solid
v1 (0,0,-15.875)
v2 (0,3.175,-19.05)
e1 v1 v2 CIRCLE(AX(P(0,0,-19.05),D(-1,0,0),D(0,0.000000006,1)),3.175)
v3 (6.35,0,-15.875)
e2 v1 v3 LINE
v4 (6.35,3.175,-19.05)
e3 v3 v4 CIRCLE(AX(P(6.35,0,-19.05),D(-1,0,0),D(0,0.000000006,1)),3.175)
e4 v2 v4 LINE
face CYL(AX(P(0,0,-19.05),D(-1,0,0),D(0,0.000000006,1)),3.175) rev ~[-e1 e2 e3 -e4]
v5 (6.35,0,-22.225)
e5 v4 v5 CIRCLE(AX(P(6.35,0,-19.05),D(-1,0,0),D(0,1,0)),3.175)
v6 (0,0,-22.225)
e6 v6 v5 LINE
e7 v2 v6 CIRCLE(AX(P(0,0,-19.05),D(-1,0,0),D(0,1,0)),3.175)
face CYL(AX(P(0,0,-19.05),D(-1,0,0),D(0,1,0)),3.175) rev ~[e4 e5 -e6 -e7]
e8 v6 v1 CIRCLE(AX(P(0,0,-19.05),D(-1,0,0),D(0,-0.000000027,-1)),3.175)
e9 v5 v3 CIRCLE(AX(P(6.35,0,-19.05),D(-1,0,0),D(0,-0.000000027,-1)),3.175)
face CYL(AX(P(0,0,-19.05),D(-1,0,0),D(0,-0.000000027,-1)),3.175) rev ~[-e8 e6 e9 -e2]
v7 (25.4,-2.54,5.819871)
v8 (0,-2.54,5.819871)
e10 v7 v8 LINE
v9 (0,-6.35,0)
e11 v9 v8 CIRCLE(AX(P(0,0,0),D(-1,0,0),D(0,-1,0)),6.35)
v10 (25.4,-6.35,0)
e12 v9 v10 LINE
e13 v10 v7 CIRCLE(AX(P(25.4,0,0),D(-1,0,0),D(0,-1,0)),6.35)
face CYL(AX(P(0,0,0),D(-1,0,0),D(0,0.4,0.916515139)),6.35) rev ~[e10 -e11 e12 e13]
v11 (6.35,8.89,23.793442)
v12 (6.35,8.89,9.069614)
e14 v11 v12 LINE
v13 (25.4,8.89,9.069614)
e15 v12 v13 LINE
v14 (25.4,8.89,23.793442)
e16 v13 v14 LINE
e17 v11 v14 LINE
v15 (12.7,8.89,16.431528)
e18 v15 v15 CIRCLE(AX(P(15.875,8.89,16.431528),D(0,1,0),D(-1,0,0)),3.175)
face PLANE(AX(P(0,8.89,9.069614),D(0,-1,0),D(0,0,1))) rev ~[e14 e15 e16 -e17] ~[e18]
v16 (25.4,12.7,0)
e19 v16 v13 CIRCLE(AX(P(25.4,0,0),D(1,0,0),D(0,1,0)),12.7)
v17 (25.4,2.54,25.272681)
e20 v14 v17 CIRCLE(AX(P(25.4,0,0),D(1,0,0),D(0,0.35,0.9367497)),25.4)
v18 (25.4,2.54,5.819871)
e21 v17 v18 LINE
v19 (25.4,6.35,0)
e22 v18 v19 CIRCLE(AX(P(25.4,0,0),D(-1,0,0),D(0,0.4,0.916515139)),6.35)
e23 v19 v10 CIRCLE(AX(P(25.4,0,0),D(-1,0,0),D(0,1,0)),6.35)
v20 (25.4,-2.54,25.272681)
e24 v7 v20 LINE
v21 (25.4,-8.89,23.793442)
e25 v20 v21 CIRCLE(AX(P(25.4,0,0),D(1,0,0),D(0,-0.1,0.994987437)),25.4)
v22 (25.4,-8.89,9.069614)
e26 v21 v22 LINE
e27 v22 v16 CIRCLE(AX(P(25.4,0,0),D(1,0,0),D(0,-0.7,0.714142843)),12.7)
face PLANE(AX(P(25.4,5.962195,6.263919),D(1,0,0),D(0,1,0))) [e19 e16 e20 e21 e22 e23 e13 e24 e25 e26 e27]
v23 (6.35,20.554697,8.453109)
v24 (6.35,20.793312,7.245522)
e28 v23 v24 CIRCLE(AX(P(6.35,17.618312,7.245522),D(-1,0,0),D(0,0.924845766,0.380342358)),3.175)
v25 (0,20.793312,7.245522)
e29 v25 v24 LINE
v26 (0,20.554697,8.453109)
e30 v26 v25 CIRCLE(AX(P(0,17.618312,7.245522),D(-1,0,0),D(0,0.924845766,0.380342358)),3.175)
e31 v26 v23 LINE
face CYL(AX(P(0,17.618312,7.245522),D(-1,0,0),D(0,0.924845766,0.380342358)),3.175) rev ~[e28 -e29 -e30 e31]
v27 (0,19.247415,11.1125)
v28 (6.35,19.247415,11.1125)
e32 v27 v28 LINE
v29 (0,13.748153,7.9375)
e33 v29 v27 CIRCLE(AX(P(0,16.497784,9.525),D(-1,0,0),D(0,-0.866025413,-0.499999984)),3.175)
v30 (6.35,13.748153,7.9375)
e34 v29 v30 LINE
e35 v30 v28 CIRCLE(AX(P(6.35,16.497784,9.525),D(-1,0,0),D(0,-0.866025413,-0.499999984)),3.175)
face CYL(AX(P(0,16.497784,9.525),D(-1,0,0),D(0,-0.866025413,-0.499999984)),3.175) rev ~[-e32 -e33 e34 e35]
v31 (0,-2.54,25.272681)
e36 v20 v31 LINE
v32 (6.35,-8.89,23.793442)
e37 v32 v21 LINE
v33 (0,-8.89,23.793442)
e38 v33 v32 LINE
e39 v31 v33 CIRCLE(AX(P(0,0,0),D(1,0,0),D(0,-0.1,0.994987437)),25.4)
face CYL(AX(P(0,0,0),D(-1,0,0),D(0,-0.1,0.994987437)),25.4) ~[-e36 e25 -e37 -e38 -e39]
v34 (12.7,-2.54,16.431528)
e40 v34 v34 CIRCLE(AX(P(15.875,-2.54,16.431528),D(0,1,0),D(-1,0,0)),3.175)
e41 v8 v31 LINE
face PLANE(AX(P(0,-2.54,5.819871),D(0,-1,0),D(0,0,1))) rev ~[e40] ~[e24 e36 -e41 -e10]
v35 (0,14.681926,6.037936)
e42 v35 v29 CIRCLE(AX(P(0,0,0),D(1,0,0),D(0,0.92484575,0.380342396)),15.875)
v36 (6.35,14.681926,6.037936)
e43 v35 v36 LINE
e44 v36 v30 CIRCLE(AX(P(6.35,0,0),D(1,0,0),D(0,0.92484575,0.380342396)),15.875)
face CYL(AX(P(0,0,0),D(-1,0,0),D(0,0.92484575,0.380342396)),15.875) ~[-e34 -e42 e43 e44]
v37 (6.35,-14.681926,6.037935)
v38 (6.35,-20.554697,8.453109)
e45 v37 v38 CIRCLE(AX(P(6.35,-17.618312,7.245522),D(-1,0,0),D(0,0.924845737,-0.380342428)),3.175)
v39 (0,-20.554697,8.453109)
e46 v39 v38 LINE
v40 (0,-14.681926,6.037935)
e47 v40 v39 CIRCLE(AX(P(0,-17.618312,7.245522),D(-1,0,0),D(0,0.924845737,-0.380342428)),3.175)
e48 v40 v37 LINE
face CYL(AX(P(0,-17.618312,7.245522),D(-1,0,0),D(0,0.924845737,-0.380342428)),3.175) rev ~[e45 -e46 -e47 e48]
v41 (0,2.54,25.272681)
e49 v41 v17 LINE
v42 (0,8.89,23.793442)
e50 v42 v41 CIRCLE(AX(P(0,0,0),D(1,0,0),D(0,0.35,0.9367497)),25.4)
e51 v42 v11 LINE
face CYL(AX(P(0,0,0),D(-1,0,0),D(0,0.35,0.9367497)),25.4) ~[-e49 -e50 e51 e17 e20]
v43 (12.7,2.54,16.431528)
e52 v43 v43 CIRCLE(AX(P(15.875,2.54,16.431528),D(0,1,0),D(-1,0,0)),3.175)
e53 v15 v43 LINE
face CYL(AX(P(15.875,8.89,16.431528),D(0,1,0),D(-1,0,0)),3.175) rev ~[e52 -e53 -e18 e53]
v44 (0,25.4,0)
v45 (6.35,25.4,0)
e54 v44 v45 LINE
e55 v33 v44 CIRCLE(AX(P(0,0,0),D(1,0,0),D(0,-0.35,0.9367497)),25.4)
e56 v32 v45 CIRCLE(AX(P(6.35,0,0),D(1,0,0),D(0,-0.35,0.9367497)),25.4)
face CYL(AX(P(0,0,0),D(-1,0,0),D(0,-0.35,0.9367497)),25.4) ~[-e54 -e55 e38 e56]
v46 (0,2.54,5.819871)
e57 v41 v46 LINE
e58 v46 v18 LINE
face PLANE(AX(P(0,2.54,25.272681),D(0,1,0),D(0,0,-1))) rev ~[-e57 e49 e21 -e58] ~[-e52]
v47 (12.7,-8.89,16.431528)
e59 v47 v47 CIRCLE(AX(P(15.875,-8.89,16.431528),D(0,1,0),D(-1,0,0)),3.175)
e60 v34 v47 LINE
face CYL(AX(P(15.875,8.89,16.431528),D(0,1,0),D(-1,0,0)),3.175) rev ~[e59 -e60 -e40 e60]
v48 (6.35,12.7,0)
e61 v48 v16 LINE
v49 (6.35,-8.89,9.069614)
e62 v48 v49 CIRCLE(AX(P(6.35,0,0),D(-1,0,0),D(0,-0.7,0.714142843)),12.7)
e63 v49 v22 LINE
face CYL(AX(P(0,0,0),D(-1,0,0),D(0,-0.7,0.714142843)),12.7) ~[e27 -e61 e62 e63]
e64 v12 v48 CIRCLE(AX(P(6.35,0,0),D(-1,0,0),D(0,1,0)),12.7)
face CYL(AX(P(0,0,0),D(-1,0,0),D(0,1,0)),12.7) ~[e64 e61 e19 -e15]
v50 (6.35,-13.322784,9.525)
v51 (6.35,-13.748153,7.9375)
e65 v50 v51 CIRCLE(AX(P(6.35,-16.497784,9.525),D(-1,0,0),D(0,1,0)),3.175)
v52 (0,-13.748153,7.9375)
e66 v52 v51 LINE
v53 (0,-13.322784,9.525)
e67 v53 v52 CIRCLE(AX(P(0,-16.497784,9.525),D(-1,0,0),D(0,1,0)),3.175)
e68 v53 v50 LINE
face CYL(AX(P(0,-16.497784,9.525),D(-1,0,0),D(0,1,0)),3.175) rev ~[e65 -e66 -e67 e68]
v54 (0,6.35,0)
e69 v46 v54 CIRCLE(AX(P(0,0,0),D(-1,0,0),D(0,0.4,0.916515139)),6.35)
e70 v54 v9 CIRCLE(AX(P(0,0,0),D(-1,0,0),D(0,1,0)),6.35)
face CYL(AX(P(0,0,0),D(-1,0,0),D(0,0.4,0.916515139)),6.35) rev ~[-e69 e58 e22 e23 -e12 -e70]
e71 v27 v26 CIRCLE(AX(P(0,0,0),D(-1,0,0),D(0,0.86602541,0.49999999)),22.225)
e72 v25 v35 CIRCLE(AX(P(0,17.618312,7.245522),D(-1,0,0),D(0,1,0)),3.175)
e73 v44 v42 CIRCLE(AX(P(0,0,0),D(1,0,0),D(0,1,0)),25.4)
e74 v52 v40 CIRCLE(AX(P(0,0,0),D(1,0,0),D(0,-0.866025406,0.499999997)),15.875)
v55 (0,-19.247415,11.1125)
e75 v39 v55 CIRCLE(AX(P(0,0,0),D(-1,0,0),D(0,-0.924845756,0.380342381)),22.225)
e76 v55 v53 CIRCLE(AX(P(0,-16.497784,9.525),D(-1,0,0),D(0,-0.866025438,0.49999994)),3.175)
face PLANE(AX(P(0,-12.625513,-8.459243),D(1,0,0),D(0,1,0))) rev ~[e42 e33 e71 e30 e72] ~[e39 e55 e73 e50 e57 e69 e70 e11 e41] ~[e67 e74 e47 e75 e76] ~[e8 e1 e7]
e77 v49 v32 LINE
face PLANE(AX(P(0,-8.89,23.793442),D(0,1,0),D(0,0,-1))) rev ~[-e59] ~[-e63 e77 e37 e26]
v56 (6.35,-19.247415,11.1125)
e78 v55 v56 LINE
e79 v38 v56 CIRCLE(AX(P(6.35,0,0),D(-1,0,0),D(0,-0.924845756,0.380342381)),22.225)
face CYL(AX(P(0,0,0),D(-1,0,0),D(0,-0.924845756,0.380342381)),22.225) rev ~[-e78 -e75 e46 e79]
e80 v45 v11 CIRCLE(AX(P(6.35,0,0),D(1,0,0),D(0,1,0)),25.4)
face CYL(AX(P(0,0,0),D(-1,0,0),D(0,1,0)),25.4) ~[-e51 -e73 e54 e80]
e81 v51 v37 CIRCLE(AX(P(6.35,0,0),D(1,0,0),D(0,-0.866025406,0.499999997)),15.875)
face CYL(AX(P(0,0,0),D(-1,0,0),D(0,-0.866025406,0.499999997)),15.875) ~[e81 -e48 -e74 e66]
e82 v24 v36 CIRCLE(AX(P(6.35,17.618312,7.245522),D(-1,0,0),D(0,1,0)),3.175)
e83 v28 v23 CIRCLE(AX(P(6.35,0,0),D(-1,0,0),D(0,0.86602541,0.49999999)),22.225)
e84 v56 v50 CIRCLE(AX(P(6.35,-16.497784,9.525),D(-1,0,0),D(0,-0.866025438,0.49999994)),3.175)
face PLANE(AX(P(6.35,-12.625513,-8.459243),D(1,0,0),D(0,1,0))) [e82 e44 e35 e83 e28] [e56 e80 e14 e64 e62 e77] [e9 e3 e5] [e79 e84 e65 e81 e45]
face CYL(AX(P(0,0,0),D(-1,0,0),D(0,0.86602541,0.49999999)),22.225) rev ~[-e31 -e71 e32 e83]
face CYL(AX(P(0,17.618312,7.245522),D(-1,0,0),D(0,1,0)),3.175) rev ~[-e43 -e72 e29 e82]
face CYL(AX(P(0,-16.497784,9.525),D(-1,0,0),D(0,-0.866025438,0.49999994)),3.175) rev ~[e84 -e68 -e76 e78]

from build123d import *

# Parameters (mm, degrees)
F1_DEPTH = 6.35
F2_DEPTH = 25.4
F3_R     = 3.175
F4_DEPTH = 17.78


with BuildPart() as f1:
    # F0 (on Right) → F1 (new body)
    with BuildSketch(Plane.YZ):
        with BuildLine():
            ThreePointArc((1.85e-08, -15.875), (-13.1884011008, -8.836385087), (-14.6819263939, 6.0379352732))
            ThreePointArc((-14.6819263939, 6.0379352732), (-18.8258986856, 4.3091372138), (-20.5546969332, 8.4531094269))
            ThreePointArc((-20.5546969332, 8.4531094269), (-18.4637615858, -12.370939055), (-8.66e-08, -22.225))
            ThreePointArc((-8.66e-08, -22.225), (-3.175, -19.0499999474), (1.85e-08, -15.875))
        make_face()
        with BuildLine():
            ThreePointArc((20.7933116087, 7.2455224835), (18.2337795642, 4.1307473398), (14.6819262886, 6.0379355294))
            ThreePointArc((14.6819262886, 6.0379355294), (15.5738756389, 3.0773401802), (15.875, 0))
            ThreePointArc((15.875, 0), (11.2253201579, -11.2253201448), (1.85e-08, -15.875))
            ThreePointArc((1.85e-08, -15.875), (2.2450640368, -16.8049359763), (3.175, -19.05))
            ThreePointArc((3.175, -19.05), (2.2450639997, -21.2950640609), (-8.66e-08, -22.225))
            ThreePointArc((-8.66e-08, -22.225), (15.7154481813, -15.7154482425), (22.225, 0))
            ThreePointArc((22.225, 0), (21.803425923, 4.3082761076), (20.5546969161, 8.4531094685))
            ThreePointArc((20.5546969161, 8.4531094685), (20.7330867492, 7.8609904554), (20.7933116087, 7.2455224835))
        make_face()
        with BuildLine():
            Line((2.54, 15.6704826027), (2.54, 12.4434078933))
            ThreePointArc((2.54, 12.4434078933), (5.9587621309, 11.2153089065), (8.89, 9.0696141042))
            Line((8.89, 9.0696141042), (8.89, 13.1523201375))
            ThreePointArc((8.89, 13.1523201375), (5.8520518239, 14.7570022176), (2.54, 15.6704826027))
        make_face()
        with BuildLine():
            Line((2.54, 25.2726809025), (2.54, 23.7934423739))
            Line((2.54, 23.7934423739), (8.89, 23.7934423739))
            ThreePointArc((8.89, 23.7934423739), (5.7626609874, 24.7376583036), (2.54, 25.2726809025))
        make_face()
        with BuildLine():
            Line((-8.89, 23.7934423739), (-2.54, 23.7934423739))
            Line((-2.54, 23.7934423739), (-2.54, 25.2726809025))
            ThreePointArc((-2.54, 25.2726809025), (-5.7626609874, 24.7376583036), (-8.89, 23.7934423739))
        make_face()
        with BuildLine():
            ThreePointArc((-8.89, 9.0696141042), (-5.9587621309, 11.2153089065), (-2.54, 12.4434078933))
            Line((-2.54, 12.4434078933), (-2.54, 15.6704826027))
            ThreePointArc((-2.54, 15.6704826027), (-5.8520518239, 14.7570022176), (-8.89, 13.1523201375))
            Line((-8.89, 13.1523201375), (-8.89, 9.0696141042))
        make_face()
        with BuildLine():
            Line((-8.89, 0), (-6.35, 0))
            ThreePointArc((-6.35, 0), (-5.3127911685, 3.4780382402), (-2.54, 5.8198711326))
            Line((-2.54, 5.8198711326), (-2.54, 12.4434078933))
            ThreePointArc((-2.54, 12.4434078933), (-5.9587621309, 11.2153089065), (-8.89, 9.0696141042))
            Line((-8.89, 9.0696141042), (-8.89, 0))
        make_face()
        with BuildLine():
            Line((8.89, 0), (6.35, 0))
            ThreePointArc((6.35, 0), (0, -6.35), (-6.35, 0))
            Line((-6.35, 0), (-8.89, 0))
            Line((-8.89, 0), (-8.89, 9.0696141042))
            ThreePointArc((-8.89, 9.0696141042), (-4.9186888497, -11.7088214608), (12.7, 0))
            ThreePointArc((12.7, 0), (11.7088214608, 4.9186888497), (8.89, 9.0696141042))
            Line((8.89, 9.0696141042), (8.89, 0))
        make_face()
        with BuildLine():
            ThreePointArc((2.54, 5.8198711326), (5.3127911685, 3.4780382402), (6.35, 0))
            Line((6.35, 0), (8.89, 0))
            Line((8.89, 0), (8.89, 9.0696141042))
            ThreePointArc((8.89, 9.0696141042), (5.9587621309, 11.2153089065), (2.54, 12.4434078933))
            Line((2.54, 12.4434078933), (2.54, 5.8198711326))
        make_face()
        with BuildLine():
            ThreePointArc((-13.7481533134, 7.937499951), (-11.6155104819, 10.8210693208), (-8.89, 13.1523201375))
            Line((-8.89, 13.1523201375), (-8.89, 20.3695489641))
            ThreePointArc((-8.89, 20.3695489641), (-14.8105289031, 16.5710246699), (-19.247414709, 11.1124998097))
            ThreePointArc((-19.247414709, 11.1124998097), (-15.67603358, 12.5918145269), (-13.3227839421, 9.525))
            ThreePointArc((-13.3227839421, 9.525), (-13.4309694509, 8.7032495045), (-13.7481533134, 7.937499951))
        make_face()
        with BuildLine():
            Line((8.89, 13.1523201375), (8.89, 9.0696141042))
            ThreePointArc((8.89, 9.0696141042), (11.7088214608, 4.9186888497), (12.7, 0))
            ThreePointArc((12.7, 0), (-4.9186888497, -11.7088214608), (-8.89, 9.0696141042))
            Line((-8.89, 9.0696141042), (-8.89, 13.1523201375))
            ThreePointArc((-8.89, 13.1523201375), (-11.6155104819, 10.8210693208), (-13.7481533134, 7.937499951))
            ThreePointArc((-13.7481533134, 7.937499951), (-14.2467345217, 7.003297828), (-14.6819263939, 6.0379352732))
            ThreePointArc((-14.6819263939, 6.0379352732), (-13.1884011008, -8.836385087), (1.85e-08, -15.875))
            ThreePointArc((1.85e-08, -15.875), (11.2253201579, -11.2253201448), (15.875, 0))
            ThreePointArc((15.875, 0), (15.5738756389, 3.0773401802), (14.6819262886, 6.0379355294))
            ThreePointArc((14.6819262886, 6.0379355294), (14.2467344349, 7.0032980045), (13.7481532552, 7.9375000518))
            ThreePointArc((13.7481532552, 7.9375000518), (11.6155104422, 10.8210693634), (8.89, 13.1523201375))
        make_face()
        with BuildLine():
            Line((8.89, 23.7934423739), (8.89, 20.3695489641))
            ThreePointArc((8.89, 20.3695489641), (14.8105289204, 16.5710246545), (19.2474147322, 11.1124997695))
            ThreePointArc((19.2474147322, 11.1124997695), (19.9454283511, 9.804616917), (20.5546969161, 8.4531094685))
            ThreePointArc((20.5546969161, 8.4531094685), (21.803425923, 4.3082761076), (22.225, 0))
            ThreePointArc((22.225, 0), (15.7154481813, -15.7154482425), (-8.66e-08, -22.225))
            ThreePointArc((-8.66e-08, -22.225), (-18.4637615858, -12.370939055), (-20.5546969332, 8.4531094269))
            ThreePointArc((-20.5546969332, 8.4531094269), (-19.9454283508, 9.8046169177), (-19.247414709, 11.1124998097))
            ThreePointArc((-19.247414709, 11.1124998097), (-14.8105289031, 16.5710246699), (-8.89, 20.3695489641))
            Line((-8.89, 20.3695489641), (-8.89, 23.7934423739))
            ThreePointArc((-8.89, 23.7934423739), (-14.4802278988, -20.8682294409), (25.4, 0))
            ThreePointArc((25.4, 0), (20.8682294409, 14.4802278988), (8.89, 23.7934423739))
        make_face()
        with BuildLine():
            ThreePointArc((-8.89, 20.3695489641), (-5.7785902794, 21.4606271899), (-2.54, 22.0793800864))
            Line((-2.54, 22.0793800864), (-2.54, 23.7934423739))
            Line((-2.54, 23.7934423739), (-8.89, 23.7934423739))
            Line((-8.89, 23.7934423739), (-8.89, 20.3695489641))
        make_face()
        with BuildLine():
            ThreePointArc((-8.89, 13.1523201375), (-5.8520518239, 14.7570022176), (-2.54, 15.6704826027))
            Line((-2.54, 15.6704826027), (-2.54, 22.0793800864))
            ThreePointArc((-2.54, 22.0793800864), (-5.7785902794, 21.4606271899), (-8.89, 20.3695489641))
            Line((-8.89, 20.3695489641), (-8.89, 13.1523201375))
        make_face()
        with BuildLine():
            Line((2.54, 22.0793800864), (2.54, 15.6704826027))
            ThreePointArc((2.54, 15.6704826027), (5.8520518239, 14.7570022176), (8.89, 13.1523201375))
            Line((8.89, 13.1523201375), (8.89, 20.3695489641))
            ThreePointArc((8.89, 20.3695489641), (5.7785902794, 21.4606271899), (2.54, 22.0793800864))
        make_face()
        with BuildLine():
            Line((2.54, 23.7934423739), (2.54, 22.0793800864))
            ThreePointArc((2.54, 22.0793800864), (5.7785902794, 21.4606271899), (8.89, 20.3695489641))
            Line((8.89, 20.3695489641), (8.89, 23.7934423739))
            Line((8.89, 23.7934423739), (2.54, 23.7934423739))
        make_face()
        with BuildLine():
            Line((8.89, 20.3695489641), (8.89, 13.1523201375))
            ThreePointArc((8.89, 13.1523201375), (11.6155104422, 10.8210693634), (13.7481532552, 7.9375000518))
            ThreePointArc((13.7481532552, 7.9375000518), (14.9102840832, 12.2746307385), (19.2474147322, 11.1124997695))
            ThreePointArc((19.2474147322, 11.1124997695), (14.8105289204, 16.5710246545), (8.89, 20.3695489641))
        make_face()
    extrude(amount=F1_DEPTH)

    # F0 (on Right) → F2 (join)
    with BuildSketch(Plane.YZ):
        with BuildLine():
            ThreePointArc((2.54, 5.8198711326), (5.3127911685, 3.4780382402), (6.35, 0))
            Line((6.35, 0), (8.89, 0))
            Line((8.89, 0), (8.89, 9.0696141042))
            ThreePointArc((8.89, 9.0696141042), (5.9587621309, 11.2153089065), (2.54, 12.4434078933))
            Line((2.54, 12.4434078933), (2.54, 5.8198711326))
        make_face()
        with BuildLine():
            Line((2.54, 15.6704826027), (2.54, 12.4434078933))
            ThreePointArc((2.54, 12.4434078933), (5.9587621309, 11.2153089065), (8.89, 9.0696141042))
            Line((8.89, 9.0696141042), (8.89, 13.1523201375))
            ThreePointArc((8.89, 13.1523201375), (5.8520518239, 14.7570022176), (2.54, 15.6704826027))
        make_face()
        with BuildLine():
            ThreePointArc((-8.89, 9.0696141042), (-5.9587621309, 11.2153089065), (-2.54, 12.4434078933))
            Line((-2.54, 12.4434078933), (-2.54, 15.6704826027))
            ThreePointArc((-2.54, 15.6704826027), (-5.8520518239, 14.7570022176), (-8.89, 13.1523201375))
            Line((-8.89, 13.1523201375), (-8.89, 9.0696141042))
        make_face()
        with BuildLine():
            Line((-8.89, 0), (-6.35, 0))
            ThreePointArc((-6.35, 0), (-5.3127911685, 3.4780382402), (-2.54, 5.8198711326))
            Line((-2.54, 5.8198711326), (-2.54, 12.4434078933))
            ThreePointArc((-2.54, 12.4434078933), (-5.9587621309, 11.2153089065), (-8.89, 9.0696141042))
            Line((-8.89, 9.0696141042), (-8.89, 0))
        make_face()
        with BuildLine():
            Line((8.89, 0), (6.35, 0))
            ThreePointArc((6.35, 0), (0, -6.35), (-6.35, 0))
            Line((-6.35, 0), (-8.89, 0))
            Line((-8.89, 0), (-8.89, 9.0696141042))
            ThreePointArc((-8.89, 9.0696141042), (-4.9186888497, -11.7088214608), (12.7, 0))
            ThreePointArc((12.7, 0), (11.7088214608, 4.9186888497), (8.89, 9.0696141042))
            Line((8.89, 9.0696141042), (8.89, 0))
        make_face()
        with BuildLine():
            Line((-8.89, 23.7934423739), (-2.54, 23.7934423739))
            Line((-2.54, 23.7934423739), (-2.54, 25.2726809025))
            ThreePointArc((-2.54, 25.2726809025), (-5.7626609874, 24.7376583036), (-8.89, 23.7934423739))
        make_face()
        with BuildLine():
            Line((2.54, 25.2726809025), (2.54, 23.7934423739))
            Line((2.54, 23.7934423739), (8.89, 23.7934423739))
            ThreePointArc((8.89, 23.7934423739), (5.7626609874, 24.7376583036), (2.54, 25.2726809025))
        make_face()
        with BuildLine():
            ThreePointArc((-8.89, 13.1523201375), (-5.8520518239, 14.7570022176), (-2.54, 15.6704826027))
            Line((-2.54, 15.6704826027), (-2.54, 22.0793800864))
            ThreePointArc((-2.54, 22.0793800864), (-5.7785902794, 21.4606271899), (-8.89, 20.3695489641))
            Line((-8.89, 20.3695489641), (-8.89, 13.1523201375))
        make_face()
        with BuildLine():
            ThreePointArc((-8.89, 20.3695489641), (-5.7785902794, 21.4606271899), (-2.54, 22.0793800864))
            Line((-2.54, 22.0793800864), (-2.54, 23.7934423739))
            Line((-2.54, 23.7934423739), (-8.89, 23.7934423739))
            Line((-8.89, 23.7934423739), (-8.89, 20.3695489641))
        make_face()
        with BuildLine():
            Line((2.54, 22.0793800864), (2.54, 15.6704826027))
            ThreePointArc((2.54, 15.6704826027), (5.8520518239, 14.7570022176), (8.89, 13.1523201375))
            Line((8.89, 13.1523201375), (8.89, 20.3695489641))
            ThreePointArc((8.89, 20.3695489641), (5.7785902794, 21.4606271899), (2.54, 22.0793800864))
        make_face()
        with BuildLine():
            Line((2.54, 23.7934423739), (2.54, 22.0793800864))
            ThreePointArc((2.54, 22.0793800864), (5.7785902794, 21.4606271899), (8.89, 20.3695489641))
            Line((8.89, 20.3695489641), (8.89, 23.7934423739))
            Line((8.89, 23.7934423739), (2.54, 23.7934423739))
        make_face()
    extrude(amount=F2_DEPTH)

    # F3 (on face) → F4 (cut, through all)
    with BuildSketch(Plane(origin=(0, 8.89, 0), x_dir=(-1, 0, 0), z_dir=(0, 1, 0))):
        with Locations((-15.875, 16.4315282391)):
            Circle(F3_R)
    extrude(amount=-F4_DEPTH, mode=Mode.SUBTRACT)


solid = f1.part
